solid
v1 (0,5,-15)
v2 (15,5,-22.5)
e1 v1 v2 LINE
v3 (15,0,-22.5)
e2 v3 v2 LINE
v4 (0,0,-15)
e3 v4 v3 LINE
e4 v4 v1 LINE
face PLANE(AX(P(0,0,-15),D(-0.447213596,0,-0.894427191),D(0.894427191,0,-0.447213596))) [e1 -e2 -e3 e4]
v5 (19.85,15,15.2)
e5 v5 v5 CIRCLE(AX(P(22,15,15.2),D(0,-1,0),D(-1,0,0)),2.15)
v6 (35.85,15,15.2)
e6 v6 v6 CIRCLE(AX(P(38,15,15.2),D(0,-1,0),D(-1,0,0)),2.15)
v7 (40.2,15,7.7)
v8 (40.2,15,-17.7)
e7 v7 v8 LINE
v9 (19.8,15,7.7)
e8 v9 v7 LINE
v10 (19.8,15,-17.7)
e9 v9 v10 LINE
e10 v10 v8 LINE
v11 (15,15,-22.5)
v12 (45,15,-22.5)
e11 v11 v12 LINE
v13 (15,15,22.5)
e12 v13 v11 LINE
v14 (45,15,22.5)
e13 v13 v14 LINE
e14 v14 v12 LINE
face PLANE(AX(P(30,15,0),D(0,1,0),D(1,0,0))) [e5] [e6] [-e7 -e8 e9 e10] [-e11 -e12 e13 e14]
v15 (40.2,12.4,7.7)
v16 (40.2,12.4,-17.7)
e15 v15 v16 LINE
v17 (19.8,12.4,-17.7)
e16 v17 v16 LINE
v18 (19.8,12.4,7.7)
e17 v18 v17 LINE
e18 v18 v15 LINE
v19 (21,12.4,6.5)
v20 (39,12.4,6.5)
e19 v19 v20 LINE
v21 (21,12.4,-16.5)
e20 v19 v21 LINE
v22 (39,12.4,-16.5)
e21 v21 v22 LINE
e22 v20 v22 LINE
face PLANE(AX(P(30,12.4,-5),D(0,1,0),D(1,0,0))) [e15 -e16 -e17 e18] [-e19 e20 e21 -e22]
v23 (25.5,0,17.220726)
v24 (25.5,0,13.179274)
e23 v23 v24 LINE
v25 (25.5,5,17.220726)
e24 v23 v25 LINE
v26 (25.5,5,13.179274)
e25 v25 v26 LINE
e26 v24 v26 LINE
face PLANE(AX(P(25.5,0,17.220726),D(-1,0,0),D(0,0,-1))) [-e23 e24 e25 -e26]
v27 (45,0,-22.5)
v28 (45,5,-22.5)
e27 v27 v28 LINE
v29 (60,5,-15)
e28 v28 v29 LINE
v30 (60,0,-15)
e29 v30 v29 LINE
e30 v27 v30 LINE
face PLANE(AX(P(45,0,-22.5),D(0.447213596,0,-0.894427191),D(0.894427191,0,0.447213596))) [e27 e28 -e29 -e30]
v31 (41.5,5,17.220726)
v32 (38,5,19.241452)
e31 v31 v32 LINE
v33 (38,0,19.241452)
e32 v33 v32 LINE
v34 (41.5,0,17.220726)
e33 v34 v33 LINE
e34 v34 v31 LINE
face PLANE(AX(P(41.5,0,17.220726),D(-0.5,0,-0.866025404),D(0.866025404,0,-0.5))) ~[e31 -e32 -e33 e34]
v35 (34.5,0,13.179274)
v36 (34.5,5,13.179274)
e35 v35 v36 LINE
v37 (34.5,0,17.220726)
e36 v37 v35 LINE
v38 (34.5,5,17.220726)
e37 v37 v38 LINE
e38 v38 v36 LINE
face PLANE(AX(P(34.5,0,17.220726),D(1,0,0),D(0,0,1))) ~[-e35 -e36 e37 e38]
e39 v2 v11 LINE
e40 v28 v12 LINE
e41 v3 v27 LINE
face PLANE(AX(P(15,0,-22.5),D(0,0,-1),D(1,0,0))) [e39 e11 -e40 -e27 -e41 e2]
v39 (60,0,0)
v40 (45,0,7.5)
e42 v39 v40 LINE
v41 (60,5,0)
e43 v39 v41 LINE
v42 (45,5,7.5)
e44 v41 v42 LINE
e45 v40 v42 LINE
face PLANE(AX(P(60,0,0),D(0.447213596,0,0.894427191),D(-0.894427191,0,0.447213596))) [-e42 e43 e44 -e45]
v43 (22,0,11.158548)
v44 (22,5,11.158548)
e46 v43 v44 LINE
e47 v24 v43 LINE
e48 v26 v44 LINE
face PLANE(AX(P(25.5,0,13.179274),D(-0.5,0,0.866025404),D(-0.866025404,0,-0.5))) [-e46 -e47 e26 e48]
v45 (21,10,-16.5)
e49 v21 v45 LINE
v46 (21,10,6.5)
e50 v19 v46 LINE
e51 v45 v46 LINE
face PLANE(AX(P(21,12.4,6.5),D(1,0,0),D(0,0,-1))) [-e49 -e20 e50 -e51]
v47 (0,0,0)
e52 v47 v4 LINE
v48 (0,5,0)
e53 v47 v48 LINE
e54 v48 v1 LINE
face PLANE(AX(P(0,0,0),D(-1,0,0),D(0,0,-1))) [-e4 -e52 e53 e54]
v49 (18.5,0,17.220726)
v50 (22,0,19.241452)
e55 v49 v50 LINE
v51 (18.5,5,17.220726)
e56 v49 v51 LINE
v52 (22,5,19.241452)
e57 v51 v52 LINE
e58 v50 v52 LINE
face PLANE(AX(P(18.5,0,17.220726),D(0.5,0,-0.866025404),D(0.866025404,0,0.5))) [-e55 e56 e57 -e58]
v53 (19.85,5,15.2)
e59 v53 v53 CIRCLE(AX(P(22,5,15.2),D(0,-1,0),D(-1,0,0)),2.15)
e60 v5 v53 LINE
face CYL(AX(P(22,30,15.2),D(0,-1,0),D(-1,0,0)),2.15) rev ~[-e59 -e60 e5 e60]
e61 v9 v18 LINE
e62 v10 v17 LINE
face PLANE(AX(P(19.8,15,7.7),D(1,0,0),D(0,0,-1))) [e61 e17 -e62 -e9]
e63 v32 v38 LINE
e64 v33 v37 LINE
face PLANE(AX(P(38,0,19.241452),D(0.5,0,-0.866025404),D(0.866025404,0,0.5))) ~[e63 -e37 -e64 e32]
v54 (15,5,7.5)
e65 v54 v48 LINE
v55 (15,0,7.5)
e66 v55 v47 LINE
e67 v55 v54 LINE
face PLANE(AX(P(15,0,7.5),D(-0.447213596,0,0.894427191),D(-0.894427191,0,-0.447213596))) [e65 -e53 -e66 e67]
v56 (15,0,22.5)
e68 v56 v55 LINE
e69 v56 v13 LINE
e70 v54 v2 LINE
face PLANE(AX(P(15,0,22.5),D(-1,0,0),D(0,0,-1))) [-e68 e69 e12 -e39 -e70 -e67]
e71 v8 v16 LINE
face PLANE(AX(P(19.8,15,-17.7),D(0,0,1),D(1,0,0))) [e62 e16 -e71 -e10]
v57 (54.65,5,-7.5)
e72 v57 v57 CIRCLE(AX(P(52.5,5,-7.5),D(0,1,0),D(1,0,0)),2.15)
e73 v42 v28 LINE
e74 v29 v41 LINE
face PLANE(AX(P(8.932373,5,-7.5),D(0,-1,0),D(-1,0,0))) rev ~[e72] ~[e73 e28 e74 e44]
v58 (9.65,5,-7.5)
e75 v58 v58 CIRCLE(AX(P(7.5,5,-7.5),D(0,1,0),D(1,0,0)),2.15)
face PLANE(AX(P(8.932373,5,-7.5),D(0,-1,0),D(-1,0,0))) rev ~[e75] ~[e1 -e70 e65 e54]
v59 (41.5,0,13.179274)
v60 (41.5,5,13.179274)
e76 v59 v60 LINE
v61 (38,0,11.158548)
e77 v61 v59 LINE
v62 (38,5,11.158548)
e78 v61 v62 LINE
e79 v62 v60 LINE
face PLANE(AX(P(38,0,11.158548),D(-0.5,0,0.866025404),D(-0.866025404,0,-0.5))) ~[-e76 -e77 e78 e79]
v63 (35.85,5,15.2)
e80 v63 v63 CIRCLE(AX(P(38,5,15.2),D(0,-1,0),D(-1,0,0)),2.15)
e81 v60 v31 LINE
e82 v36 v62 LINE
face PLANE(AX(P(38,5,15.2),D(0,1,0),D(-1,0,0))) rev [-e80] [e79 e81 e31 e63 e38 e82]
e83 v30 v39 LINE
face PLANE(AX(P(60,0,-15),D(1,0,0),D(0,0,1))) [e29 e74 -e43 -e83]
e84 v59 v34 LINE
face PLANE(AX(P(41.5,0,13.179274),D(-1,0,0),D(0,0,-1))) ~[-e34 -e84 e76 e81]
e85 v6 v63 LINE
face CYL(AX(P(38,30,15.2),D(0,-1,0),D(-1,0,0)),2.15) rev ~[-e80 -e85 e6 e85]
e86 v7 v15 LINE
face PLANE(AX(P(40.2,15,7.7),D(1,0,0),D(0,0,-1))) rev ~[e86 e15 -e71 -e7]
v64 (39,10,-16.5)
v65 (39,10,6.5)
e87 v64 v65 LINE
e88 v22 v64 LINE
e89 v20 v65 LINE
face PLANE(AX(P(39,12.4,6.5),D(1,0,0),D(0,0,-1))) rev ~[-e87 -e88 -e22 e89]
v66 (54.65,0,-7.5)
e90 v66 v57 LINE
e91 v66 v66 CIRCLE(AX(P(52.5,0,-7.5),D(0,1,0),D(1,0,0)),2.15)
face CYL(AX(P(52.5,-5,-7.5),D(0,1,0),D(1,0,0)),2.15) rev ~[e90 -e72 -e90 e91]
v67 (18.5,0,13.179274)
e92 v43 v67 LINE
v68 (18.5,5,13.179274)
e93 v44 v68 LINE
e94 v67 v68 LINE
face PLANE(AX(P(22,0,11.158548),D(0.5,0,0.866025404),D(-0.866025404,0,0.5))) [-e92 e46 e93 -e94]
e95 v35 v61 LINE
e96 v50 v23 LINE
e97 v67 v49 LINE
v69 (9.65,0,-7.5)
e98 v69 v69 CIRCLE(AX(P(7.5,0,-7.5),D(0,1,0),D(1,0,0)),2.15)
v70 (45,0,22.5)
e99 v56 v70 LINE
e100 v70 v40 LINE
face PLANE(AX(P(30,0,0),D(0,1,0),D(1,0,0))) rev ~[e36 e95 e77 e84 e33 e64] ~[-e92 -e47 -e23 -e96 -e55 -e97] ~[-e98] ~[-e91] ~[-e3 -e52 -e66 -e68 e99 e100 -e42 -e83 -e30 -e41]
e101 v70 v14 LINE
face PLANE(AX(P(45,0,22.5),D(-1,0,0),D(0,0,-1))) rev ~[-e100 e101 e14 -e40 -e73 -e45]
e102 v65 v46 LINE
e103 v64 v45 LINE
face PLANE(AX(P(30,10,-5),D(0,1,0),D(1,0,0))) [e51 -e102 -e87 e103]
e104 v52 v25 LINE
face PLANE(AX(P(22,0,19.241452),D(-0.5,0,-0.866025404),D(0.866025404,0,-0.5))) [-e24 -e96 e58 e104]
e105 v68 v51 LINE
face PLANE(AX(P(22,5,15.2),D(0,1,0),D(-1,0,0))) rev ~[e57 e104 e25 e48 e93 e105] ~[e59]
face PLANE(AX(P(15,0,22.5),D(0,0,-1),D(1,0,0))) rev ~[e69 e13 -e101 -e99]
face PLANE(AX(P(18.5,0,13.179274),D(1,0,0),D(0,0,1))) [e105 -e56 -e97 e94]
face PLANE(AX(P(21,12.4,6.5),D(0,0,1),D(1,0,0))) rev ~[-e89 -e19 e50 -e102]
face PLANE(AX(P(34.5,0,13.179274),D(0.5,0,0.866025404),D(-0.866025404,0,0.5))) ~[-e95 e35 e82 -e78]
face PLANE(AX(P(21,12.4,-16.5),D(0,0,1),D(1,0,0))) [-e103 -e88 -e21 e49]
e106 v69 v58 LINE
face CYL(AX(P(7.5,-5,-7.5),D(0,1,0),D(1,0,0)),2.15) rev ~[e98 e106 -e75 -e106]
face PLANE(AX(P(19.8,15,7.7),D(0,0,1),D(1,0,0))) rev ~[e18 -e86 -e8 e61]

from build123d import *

# Parameters (mm, degrees)
SKETCH1_W                = 30
SKETCH1_H                = 30
BOSS_EXTRUDE1_DEPTH      = 5
M4_CLEARANCE_HOLE1_D     = 4.3
M4_CLEARANCE_HOLE1_DEPTH = 5
SKETCH13_W               = 30
SKETCH13_H               = 45
BOSS_EXTRUDE7_DEPTH      = 15
SKETCH14_W               = 20.4
SKETCH14_H               = 25.4
CUT_EXTRUDE2_DEPTH       = 5
BOSS_EXTRUDE8_REACH      = 19.6
BOSS_EXTRUDE8_START      = -2.6
SKETCH15_W               = 20.4
SKETCH15_H               = 25.4
SKETCH15_W_2             = 18
SKETCH15_H_2             = 23
M4_CLEARANCE_HOLE2_D     = 4.3
M4_CLEARANCE_HOLE2_DEPTH = 15
CUT_EXTRUDE1_DEPTH       = 5


with BuildPart() as part:
    # Sketch1 → Boss-Extrude1 (new body)
    with BuildSketch(Plane(origin=(0, 0, 0), x_dir=(1, 0, 0), z_dir=(0, 1, 0))):
        Polygon((15, 22.5), (15, -7.5), (0, 0), (0, 15), align=None)
        with Locations((30, 7.5)):
            Rectangle(SKETCH1_W, SKETCH1_H)
        Polygon((45, -7.5), (45, 22.5), (60, 15), (60, 0), align=None)
    extrude(amount=BOSS_EXTRUDE1_DEPTH)

    # M4 Clearance Hole1
    with Locations(Plane(origin=(0, 0, 0), x_dir=(-1, 0, 0), z_dir=(0, -1, 0))):
        with Locations((-7.5, 7.5), (-52.5, 7.5)):
            Hole(M4_CLEARANCE_HOLE1_D / 2, depth=M4_CLEARANCE_HOLE1_DEPTH)

    # Sketch13 → Boss-Extrude7 (add)
    with BuildSketch(Plane(origin=(0, 0, 0), x_dir=(1, 0, 0), z_dir=(0, 1, 0))):
        with Locations((30, 0)):
            Rectangle(SKETCH13_W, SKETCH13_H)
    extrude(amount=BOSS_EXTRUDE7_DEPTH)

    # Sketch14 → Cut-Extrude2 (cut)
    with BuildSketch(Plane(origin=(0, 15, 0), x_dir=(1, 0, 0), z_dir=(0, 1, 0))):
        with Locations((30, 5)):
            Rectangle(SKETCH14_W, SKETCH14_H)
    extrude(amount=-CUT_EXTRUDE2_DEPTH, mode=Mode.SUBTRACT)

    # Sketch15 → Boss-Extrude8 (add, up to next)
    with BuildSketch(Plane(origin=(0, 15, 0), x_dir=(1, 0, 0), z_dir=(0, 1, 0)).offset(BOSS_EXTRUDE8_START), mode=Mode.PRIVATE) as boss_extrude8_sk1:
        with Locations((30, 5)):
            Rectangle(SKETCH15_W, SKETCH15_H)
        with Locations((30, 5)):
            Rectangle(SKETCH15_W_2, SKETCH15_H_2, mode=Mode.SUBTRACT)
    boss_extrude8_tool1 = extrude(boss_extrude8_sk1.sketch, amount=-BOSS_EXTRUDE8_REACH, mode=Mode.PRIVATE) - part.part
    add(boss_extrude8_tool1.solids().sort_by_distance((39.874221, 12.4, -5))[0])

    # M4 Clearance Hole2
    with Locations(Plane(origin=(0, 15, 0), x_dir=(1, 0, 0), z_dir=(0, 1, 0))):
        with Locations((22, -15.2), (38, -15.2)):
            Hole(M4_CLEARANCE_HOLE2_D / 2, depth=M4_CLEARANCE_HOLE2_DEPTH)

    # Sketch11 → Cut-Extrude1 (cut)
    with BuildSketch(Plane(origin=(0, 0, 0), x_dir=(-1, 0, 0), z_dir=(0, 1, 0))):
        Polygon((-22, 19.241451884), (-25.5, 17.220725942), (-25.5, 13.179274058), (-22, 11.158548116), (-18.5, 13.179274058), (-18.5, 17.220725942), align=None)
    cut_extrude1 = extrude(amount=CUT_EXTRUDE1_DEPTH, mode=Mode.SUBTRACT)

    # Mirror1: Cut-Extrude1 across plane
    add(cut_extrude1.mirror(Plane(origin=(30, 0, 0), x_dir=(0, 0, 1), z_dir=(1, 0, 0))), mode=Mode.SUBTRACT)


solid = part.part
